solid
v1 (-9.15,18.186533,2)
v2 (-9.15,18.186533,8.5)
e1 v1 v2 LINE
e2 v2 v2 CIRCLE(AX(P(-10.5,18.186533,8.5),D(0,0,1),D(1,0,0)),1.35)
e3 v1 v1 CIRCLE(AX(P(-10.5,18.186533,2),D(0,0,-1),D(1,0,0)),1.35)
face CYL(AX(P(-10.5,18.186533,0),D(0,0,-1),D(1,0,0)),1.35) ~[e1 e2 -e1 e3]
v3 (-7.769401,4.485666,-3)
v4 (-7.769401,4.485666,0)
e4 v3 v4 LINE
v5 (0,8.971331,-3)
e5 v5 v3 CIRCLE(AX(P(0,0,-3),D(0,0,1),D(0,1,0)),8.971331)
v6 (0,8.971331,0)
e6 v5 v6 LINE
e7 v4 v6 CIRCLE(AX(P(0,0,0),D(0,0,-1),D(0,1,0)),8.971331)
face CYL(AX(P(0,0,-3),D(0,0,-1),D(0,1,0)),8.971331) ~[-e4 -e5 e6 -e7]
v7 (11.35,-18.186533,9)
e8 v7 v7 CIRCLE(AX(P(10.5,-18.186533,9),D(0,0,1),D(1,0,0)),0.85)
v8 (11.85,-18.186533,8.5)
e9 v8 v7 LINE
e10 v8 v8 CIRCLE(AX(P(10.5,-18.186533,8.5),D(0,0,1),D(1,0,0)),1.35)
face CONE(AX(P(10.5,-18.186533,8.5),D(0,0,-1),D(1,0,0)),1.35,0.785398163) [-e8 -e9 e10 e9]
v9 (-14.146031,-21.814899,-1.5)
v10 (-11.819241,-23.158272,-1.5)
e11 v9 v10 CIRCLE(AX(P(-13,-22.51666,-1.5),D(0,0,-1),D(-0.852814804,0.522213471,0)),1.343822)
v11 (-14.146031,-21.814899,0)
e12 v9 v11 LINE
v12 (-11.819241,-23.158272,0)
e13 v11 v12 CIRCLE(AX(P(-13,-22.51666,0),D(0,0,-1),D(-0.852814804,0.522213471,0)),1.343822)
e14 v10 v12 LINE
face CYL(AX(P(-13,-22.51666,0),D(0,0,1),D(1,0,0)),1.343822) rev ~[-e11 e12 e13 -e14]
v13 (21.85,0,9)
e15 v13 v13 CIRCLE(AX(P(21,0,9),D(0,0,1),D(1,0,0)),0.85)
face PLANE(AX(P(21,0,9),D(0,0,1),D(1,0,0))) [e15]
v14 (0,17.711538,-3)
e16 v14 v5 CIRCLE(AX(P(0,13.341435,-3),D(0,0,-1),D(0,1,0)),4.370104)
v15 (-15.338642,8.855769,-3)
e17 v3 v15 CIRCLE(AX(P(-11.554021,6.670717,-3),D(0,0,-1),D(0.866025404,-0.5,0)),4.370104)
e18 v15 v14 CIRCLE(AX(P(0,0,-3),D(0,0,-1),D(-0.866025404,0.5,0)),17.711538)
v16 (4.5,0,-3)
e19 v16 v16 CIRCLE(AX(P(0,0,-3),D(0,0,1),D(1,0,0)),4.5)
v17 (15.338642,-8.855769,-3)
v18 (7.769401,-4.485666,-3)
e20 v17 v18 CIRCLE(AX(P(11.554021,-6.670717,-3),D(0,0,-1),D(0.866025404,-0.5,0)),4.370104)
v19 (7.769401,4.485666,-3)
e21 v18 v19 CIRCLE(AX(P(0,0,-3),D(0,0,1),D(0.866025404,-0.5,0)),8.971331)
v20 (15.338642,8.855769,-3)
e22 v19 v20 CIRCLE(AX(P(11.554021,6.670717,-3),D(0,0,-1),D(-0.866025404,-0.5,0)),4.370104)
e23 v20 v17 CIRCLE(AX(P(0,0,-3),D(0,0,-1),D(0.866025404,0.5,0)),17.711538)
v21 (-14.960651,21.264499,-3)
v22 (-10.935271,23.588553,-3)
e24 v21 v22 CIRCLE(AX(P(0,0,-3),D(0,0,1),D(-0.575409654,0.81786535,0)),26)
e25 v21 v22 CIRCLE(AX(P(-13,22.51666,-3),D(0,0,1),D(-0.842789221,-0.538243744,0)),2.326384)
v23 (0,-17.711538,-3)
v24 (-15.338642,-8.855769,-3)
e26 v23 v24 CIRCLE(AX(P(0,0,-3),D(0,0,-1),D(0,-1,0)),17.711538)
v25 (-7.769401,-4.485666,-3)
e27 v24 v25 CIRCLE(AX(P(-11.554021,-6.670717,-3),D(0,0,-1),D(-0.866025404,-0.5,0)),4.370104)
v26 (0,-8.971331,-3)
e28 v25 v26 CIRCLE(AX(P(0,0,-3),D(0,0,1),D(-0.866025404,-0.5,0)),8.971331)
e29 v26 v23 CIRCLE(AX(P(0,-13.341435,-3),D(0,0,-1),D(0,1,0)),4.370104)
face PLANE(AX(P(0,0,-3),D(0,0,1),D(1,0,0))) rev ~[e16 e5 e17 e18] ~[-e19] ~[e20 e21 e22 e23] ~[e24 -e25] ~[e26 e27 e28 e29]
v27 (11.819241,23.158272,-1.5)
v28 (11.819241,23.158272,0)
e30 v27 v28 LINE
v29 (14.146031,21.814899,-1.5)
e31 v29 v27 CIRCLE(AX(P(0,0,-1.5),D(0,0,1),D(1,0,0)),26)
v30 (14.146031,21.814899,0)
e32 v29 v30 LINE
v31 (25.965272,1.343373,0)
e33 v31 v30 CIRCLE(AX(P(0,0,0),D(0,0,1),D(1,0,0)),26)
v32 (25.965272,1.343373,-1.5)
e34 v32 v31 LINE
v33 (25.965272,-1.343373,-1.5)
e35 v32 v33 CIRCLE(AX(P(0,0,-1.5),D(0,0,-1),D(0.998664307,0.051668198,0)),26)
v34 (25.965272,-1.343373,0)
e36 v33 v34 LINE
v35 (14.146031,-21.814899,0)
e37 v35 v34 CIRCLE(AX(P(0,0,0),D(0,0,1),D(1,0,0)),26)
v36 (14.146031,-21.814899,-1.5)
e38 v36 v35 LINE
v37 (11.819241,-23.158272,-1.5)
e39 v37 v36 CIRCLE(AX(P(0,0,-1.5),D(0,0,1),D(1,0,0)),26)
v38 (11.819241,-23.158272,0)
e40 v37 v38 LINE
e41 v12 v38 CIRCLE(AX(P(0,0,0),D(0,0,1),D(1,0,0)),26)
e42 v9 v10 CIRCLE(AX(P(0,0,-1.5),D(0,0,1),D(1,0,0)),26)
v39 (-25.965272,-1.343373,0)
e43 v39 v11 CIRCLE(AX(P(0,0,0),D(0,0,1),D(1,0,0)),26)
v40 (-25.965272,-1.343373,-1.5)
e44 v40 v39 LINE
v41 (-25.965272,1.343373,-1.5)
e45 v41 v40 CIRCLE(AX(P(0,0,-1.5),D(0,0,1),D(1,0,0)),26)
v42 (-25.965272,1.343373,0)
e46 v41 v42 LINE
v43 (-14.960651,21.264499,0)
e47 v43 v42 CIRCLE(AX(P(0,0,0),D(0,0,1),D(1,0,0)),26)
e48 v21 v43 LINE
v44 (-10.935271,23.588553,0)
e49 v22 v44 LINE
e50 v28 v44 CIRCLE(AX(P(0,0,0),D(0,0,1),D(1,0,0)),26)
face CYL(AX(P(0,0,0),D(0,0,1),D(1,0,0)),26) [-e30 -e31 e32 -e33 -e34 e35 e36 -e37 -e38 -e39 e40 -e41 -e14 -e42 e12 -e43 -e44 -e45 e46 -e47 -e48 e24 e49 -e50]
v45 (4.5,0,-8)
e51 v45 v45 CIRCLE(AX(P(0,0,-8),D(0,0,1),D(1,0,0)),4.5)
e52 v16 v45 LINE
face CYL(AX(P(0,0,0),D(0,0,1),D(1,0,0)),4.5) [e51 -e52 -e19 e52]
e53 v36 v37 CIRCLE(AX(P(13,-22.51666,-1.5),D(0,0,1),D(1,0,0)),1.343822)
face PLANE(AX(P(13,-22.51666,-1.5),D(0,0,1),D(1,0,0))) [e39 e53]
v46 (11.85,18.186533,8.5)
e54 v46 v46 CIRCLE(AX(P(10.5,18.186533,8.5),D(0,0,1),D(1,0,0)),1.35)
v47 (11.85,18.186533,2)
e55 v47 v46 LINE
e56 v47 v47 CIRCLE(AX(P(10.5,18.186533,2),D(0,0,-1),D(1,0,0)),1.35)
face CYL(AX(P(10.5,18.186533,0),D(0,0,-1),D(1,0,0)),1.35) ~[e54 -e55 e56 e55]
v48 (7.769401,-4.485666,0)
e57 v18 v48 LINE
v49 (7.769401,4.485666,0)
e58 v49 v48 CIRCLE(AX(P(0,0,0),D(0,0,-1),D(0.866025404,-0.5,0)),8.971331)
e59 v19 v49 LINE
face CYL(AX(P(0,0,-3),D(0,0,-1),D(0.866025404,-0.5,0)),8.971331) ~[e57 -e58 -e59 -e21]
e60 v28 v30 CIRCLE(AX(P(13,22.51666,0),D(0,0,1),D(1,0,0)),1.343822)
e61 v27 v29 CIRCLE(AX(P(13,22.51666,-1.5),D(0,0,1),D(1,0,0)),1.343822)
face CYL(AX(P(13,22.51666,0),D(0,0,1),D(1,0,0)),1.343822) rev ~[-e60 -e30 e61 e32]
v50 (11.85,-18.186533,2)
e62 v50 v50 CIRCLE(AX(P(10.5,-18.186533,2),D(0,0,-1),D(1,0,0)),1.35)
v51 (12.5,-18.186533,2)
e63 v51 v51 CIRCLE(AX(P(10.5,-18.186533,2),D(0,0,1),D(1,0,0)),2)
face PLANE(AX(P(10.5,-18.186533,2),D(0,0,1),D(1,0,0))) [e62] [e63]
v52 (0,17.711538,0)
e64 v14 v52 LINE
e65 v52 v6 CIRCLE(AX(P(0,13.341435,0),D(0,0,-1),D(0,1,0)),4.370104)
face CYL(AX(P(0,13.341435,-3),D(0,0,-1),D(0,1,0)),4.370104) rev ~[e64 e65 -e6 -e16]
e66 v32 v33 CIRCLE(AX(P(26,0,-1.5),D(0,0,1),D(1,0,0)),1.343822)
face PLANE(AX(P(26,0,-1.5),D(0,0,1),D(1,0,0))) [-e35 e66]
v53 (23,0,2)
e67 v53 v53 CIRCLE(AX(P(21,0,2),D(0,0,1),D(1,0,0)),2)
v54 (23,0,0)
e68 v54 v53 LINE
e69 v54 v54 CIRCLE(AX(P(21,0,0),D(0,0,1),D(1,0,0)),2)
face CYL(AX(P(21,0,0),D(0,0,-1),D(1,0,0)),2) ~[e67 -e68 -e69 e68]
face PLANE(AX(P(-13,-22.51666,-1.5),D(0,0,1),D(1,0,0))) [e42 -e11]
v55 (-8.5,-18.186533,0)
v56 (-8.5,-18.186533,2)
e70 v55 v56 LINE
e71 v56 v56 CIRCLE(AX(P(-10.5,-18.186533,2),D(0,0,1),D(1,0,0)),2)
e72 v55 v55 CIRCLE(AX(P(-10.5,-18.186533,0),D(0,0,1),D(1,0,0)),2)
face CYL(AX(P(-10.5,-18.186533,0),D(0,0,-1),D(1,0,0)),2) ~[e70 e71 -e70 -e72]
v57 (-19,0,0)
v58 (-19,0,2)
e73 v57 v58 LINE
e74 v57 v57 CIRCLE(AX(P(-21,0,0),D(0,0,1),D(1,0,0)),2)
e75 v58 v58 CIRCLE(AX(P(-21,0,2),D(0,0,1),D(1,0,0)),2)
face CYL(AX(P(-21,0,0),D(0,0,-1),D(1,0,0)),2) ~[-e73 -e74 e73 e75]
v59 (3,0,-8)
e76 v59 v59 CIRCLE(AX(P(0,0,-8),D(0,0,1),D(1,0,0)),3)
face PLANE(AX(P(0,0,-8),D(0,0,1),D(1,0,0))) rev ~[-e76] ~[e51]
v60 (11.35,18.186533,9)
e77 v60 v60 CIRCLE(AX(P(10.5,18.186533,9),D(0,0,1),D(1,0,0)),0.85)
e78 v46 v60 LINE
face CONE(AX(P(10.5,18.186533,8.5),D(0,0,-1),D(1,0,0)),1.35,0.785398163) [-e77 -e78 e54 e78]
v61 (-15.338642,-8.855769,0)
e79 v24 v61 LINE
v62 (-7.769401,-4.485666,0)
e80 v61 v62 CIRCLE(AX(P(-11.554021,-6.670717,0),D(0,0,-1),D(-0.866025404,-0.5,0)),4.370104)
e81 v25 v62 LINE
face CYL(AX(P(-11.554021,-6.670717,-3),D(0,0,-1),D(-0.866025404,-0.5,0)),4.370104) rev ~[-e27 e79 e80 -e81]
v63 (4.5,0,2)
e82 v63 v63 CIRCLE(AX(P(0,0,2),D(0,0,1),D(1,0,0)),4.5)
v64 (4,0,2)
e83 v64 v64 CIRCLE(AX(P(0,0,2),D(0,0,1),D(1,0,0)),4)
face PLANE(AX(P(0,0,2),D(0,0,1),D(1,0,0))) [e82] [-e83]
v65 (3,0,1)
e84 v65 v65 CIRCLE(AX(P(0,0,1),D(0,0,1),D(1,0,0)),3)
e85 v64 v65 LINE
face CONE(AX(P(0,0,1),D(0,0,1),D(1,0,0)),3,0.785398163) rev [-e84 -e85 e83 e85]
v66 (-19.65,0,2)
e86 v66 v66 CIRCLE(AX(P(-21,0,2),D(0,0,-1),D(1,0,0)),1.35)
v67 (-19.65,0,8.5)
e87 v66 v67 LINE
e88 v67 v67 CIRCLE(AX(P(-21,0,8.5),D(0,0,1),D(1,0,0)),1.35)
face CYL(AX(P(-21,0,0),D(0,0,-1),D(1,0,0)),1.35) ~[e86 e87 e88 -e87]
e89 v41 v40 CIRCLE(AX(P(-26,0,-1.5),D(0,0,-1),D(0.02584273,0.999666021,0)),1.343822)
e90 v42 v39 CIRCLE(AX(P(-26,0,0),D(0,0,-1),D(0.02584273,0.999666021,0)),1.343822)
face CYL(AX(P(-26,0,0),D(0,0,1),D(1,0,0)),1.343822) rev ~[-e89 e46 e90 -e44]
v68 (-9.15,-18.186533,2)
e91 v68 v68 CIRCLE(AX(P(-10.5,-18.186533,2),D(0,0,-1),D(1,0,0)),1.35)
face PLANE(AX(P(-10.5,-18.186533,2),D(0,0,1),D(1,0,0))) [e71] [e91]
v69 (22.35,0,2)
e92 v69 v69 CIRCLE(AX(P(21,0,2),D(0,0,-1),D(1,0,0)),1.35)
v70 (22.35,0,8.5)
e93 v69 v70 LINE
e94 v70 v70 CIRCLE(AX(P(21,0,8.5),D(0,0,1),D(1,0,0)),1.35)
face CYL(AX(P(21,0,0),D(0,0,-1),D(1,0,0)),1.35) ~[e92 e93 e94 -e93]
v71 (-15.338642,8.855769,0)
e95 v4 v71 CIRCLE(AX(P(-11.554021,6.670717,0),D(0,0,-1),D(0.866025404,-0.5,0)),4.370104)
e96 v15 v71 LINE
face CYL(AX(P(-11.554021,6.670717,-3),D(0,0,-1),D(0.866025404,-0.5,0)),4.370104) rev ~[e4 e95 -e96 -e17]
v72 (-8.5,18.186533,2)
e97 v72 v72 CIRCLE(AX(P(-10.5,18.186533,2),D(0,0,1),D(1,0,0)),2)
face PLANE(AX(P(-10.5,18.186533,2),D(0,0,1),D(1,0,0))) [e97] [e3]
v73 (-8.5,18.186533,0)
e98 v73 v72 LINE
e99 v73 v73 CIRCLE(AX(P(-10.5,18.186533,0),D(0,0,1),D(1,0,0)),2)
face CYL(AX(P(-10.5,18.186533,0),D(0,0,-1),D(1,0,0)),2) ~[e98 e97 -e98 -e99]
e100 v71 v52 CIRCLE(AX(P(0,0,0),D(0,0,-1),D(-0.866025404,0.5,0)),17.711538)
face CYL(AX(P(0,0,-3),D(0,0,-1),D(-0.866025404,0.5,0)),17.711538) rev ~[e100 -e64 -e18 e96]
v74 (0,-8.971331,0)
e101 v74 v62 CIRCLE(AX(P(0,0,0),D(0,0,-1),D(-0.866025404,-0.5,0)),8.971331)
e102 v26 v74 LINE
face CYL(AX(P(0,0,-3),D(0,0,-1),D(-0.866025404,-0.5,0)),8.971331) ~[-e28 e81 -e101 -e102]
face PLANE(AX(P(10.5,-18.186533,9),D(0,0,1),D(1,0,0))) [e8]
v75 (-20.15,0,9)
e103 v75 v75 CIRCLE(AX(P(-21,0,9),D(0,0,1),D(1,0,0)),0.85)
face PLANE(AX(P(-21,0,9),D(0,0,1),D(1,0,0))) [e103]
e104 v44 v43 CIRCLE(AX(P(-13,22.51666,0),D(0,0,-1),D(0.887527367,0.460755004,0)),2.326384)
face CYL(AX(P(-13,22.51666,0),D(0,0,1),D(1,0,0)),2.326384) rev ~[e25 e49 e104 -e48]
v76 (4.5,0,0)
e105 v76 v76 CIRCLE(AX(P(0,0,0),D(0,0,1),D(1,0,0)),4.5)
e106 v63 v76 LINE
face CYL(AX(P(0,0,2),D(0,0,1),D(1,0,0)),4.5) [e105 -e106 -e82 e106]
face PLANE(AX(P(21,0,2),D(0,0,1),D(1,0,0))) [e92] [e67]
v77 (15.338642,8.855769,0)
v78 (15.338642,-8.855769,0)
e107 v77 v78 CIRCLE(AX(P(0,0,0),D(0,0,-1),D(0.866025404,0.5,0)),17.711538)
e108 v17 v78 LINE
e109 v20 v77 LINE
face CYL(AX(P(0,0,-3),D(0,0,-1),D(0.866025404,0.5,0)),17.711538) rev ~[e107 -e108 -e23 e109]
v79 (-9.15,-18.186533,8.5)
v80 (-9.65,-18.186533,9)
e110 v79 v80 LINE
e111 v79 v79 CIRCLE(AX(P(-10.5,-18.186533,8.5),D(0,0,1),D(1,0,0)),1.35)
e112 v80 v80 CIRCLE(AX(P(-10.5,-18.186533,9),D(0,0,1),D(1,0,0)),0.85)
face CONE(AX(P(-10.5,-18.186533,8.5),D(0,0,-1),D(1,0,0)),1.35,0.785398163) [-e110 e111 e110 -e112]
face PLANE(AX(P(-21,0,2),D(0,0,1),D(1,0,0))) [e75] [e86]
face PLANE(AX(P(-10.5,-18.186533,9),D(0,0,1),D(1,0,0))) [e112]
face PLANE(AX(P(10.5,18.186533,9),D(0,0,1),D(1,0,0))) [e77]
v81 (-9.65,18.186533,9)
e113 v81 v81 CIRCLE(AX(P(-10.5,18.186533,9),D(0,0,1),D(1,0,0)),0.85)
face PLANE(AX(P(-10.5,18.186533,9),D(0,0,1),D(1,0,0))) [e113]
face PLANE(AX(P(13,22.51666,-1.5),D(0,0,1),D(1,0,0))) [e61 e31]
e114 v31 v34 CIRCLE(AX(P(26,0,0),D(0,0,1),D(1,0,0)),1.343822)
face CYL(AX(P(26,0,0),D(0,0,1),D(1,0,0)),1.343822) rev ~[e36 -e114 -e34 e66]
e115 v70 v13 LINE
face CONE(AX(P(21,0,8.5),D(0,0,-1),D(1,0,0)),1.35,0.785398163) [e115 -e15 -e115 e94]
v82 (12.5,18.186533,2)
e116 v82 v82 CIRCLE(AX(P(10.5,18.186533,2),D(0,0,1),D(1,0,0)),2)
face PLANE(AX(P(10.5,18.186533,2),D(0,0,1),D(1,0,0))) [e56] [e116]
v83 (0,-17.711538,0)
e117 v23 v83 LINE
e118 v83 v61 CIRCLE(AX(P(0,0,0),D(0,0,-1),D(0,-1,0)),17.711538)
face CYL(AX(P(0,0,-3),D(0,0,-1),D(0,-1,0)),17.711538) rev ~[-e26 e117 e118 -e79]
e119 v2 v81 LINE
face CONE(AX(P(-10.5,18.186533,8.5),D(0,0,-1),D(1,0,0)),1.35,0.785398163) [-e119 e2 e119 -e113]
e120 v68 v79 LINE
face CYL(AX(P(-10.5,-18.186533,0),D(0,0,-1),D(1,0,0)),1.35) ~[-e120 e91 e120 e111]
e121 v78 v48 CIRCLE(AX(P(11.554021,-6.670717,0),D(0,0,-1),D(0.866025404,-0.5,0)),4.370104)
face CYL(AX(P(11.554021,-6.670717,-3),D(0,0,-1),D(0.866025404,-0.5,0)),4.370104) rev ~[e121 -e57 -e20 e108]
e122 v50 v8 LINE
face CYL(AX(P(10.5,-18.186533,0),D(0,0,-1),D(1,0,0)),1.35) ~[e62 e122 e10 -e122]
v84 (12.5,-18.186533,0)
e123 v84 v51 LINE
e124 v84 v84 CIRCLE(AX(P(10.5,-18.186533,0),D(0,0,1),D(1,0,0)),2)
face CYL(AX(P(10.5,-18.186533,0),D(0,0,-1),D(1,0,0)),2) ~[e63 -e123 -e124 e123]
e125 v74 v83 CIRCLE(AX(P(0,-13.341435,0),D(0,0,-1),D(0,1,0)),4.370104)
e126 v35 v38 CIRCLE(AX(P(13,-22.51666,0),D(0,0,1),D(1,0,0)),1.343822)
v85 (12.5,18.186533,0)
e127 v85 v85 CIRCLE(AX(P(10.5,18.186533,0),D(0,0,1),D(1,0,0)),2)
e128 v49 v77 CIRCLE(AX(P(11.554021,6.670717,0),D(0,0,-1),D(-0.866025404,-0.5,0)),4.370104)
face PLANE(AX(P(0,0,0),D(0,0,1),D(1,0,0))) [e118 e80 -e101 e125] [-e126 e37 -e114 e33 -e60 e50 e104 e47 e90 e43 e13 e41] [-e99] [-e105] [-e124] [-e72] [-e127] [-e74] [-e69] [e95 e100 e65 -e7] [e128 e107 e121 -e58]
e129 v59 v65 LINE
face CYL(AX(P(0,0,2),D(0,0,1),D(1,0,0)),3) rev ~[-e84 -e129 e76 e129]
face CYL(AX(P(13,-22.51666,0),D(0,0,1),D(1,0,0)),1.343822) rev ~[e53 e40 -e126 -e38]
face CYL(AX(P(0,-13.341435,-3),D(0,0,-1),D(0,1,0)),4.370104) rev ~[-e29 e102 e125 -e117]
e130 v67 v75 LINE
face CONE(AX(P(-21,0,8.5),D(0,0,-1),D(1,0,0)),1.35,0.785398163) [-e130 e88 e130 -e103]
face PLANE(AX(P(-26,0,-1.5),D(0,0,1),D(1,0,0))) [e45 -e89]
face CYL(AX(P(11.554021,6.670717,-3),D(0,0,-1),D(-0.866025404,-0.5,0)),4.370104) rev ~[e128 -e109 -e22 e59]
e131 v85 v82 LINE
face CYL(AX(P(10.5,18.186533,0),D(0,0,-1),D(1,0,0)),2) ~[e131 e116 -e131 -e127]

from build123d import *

# Parameters (mm, degrees)
SKETCH_1_R               = 26
EXTRUDE_1_DEPTH          = 3
SKETCH_2_R               = 1.35
EXTRUDE_2_DEPTH          = 9
SKETCH_4_R               = 2
EXTRUDE_4_DEPTH          = 2
SKETCH_5_R               = 3
CUT_EXTRUDE_1_DEPTH      = 38.854986461
SKETCH_7_R               = 4.5
SKETCH_7_R_2             = 3
EXTRUDE_1_2_DEPTH        = 8
EXTRUDE_START            = 2
SKETCH_8_R               = 4.5
SKETCH_8_R_2             = 3
EXTRUDE_2_2_DEPTH        = 2
CUT_EXTRUDE_2_REACH      = 39.855
SKETCH_9_R               = 2.326383569
SKETCH_10_R              = 1.343821969
CUT_EXTRUDE_3_DEPTH      = 1.5
CUT_EXTRUDE_4_REACH      = 40.678
CHAMFER_1_SIZE           = 1
CHAMFER_3_SIZE           = 0.5
PATTERN_CIRCULAR_1_COUNT = 3


with BuildPart() as part:
    # 草图1 → Extrude 1 (new body)
    with BuildSketch(Plane.XY):
        Circle(SKETCH_1_R)
    extrude(amount=-EXTRUDE_1_DEPTH)

    # 草图2 → Extrude 2 (add)
    with BuildSketch(Plane.XY):
        with Locations((-21, 0)):
            Circle(SKETCH_2_R)
        with Locations((-10.5, 18.186533479)):
            Circle(SKETCH_2_R)
        with Locations((10.5, 18.186533479)):
            Circle(SKETCH_2_R)
        with Locations((21, 0)):
            Circle(SKETCH_2_R)
        with Locations((10.5, -18.186533479)):
            Circle(SKETCH_2_R)
        with Locations((-10.5, -18.186533479)):
            Circle(SKETCH_2_R)
    extrude(amount=EXTRUDE_2_DEPTH)

    # 草图4 → 凸台-拉伸4 (add)
    with BuildSketch(Plane.XY):
        with Locations((-10.5, 18.186533479)):
            Circle(SKETCH_4_R)
        with Locations((10.5, 18.186533479)):
            Circle(SKETCH_4_R)
        with Locations((21, 0)):
            Circle(SKETCH_4_R)
        with Locations((10.5, -18.186533479)):
            Circle(SKETCH_4_R)
        with Locations((-10.5, -18.186533479)):
            Circle(SKETCH_4_R)
        with Locations((-21, 0)):
            Circle(SKETCH_4_R)
    extrude(amount=EXTRUDE_4_DEPTH)

    # 草图5 → 切除-拉伸1 (cut, through all)
    with BuildSketch(Plane.XY):
        Circle(SKETCH_5_R)
    extrude(amount=-CUT_EXTRUDE_1_DEPTH, mode=Mode.SUBTRACT)

    # 草图7 → Extrude 1 2 (add)
    with BuildSketch(Plane.XY):
        Circle(SKETCH_7_R)
        Circle(SKETCH_7_R_2, mode=Mode.SUBTRACT)
    extrude(amount=-EXTRUDE_1_2_DEPTH)

    # 草图8 → Extrude 2 2 (add)
    with BuildSketch(Plane.XY.offset(EXTRUDE_START)):
        Circle(SKETCH_8_R)
        Circle(SKETCH_8_R_2, mode=Mode.SUBTRACT)
    extrude(amount=-EXTRUDE_2_2_DEPTH)

    # 草图9 → 切除-拉伸2 (cut, up to next)
    with BuildSketch(Plane.XY, mode=Mode.PRIVATE) as cut_extrude_2_sk1:
        with Locations((-13, 22.516660498)):
            Circle(SKETCH_9_R)
    cut_extrude_2_tool1 = extrude(cut_extrude_2_sk1.sketch, amount=-CUT_EXTRUDE_2_REACH, mode=Mode.PRIVATE) & part.part
    add(cut_extrude_2_tool1.solids().sort_by_distance((-13, 22.51666, 0))[0], mode=Mode.SUBTRACT)

    # 草图10 → 切除-拉伸3 (cut)
    with BuildSketch(Plane.XY):
        with Locations((-13, 22.516660498)):
            Circle(SKETCH_10_R)
        with Locations((13, 22.516660498)):
            Circle(SKETCH_10_R)
        with Locations((26, 0)):
            Circle(SKETCH_10_R)
        with Locations((13, -22.516660498)):
            Circle(SKETCH_10_R)
        with Locations((-13, -22.516660498)):
            Circle(SKETCH_10_R)
        with Locations((-26, 0)):
            Circle(SKETCH_10_R)
    extrude(amount=-CUT_EXTRUDE_3_DEPTH, mode=Mode.SUBTRACT)

    # 草图11 → 切除-拉伸4 (cut, up to next)
    with BuildSketch(Plane(origin=(0, 0, -3), x_dir=(-1, 0, 0), z_dir=(0, 0, -1)), mode=Mode.PRIVATE) as cut_extrude_4_sk1:
        with BuildLine():
            ThreePointArc((15.338641918, 8.855769041), (8.855769041, 15.338641918), (0, 17.711538081))
            ThreePointArc((0, 17.711538081), (-4.370103516, 13.341434566), (0, 8.97133105))
            ThreePointArc((0, 8.97133105), (4.485665525, 7.769400595), (7.769400595, 4.485665525))
            ThreePointArc((7.769400595, 4.485665525), (13.739073015, 2.886096621), (15.338641918, 8.855769041))
        make_face()
    cut_extrude_4_tool1 = extrude(cut_extrude_4_sk1.sketch, amount=-CUT_EXTRUDE_4_REACH, mode=Mode.PRIVATE) & part.part
    cut_extrude_4 = cut_extrude_4_tool1.solids().sort_by_distance((-6.174677, 10.694854, -3))[0]
    add(cut_extrude_4, mode=Mode.SUBTRACT)

    # 倒角1
    chamfer_1_edges = [part.edges().sort_by_distance(p)[0] for p in [
        (-3, 0, 2),
    ]]
    chamfer(chamfer_1_edges, length=CHAMFER_1_SIZE)

    # 倒角3
    chamfer_3_edges = [part.edges().sort_by_distance(p)[0] for p in [
        (-11.85, -18.186533479, 9),
        (9.15, -18.186533479, 9),
        (19.65, 0, 9),
        (9.15, 18.186533479, 9),
        (-11.85, 18.186533479, 9),
        (-22.35, 0, 9),
    ]]
    chamfer(chamfer_3_edges, length=CHAMFER_3_SIZE)

    # 阵列(圆周)1: 切除-拉伸4 ×3 about axis
    pattern_circular_1_axis = Axis((0, 0, -3), (0, 0, 1))
    for i in range(1, PATTERN_CIRCULAR_1_COUNT):
        add(cut_extrude_4.rotate(pattern_circular_1_axis, i * 360 / PATTERN_CIRCULAR_1_COUNT), mode=Mode.SUBTRACT)


solid = part.part
